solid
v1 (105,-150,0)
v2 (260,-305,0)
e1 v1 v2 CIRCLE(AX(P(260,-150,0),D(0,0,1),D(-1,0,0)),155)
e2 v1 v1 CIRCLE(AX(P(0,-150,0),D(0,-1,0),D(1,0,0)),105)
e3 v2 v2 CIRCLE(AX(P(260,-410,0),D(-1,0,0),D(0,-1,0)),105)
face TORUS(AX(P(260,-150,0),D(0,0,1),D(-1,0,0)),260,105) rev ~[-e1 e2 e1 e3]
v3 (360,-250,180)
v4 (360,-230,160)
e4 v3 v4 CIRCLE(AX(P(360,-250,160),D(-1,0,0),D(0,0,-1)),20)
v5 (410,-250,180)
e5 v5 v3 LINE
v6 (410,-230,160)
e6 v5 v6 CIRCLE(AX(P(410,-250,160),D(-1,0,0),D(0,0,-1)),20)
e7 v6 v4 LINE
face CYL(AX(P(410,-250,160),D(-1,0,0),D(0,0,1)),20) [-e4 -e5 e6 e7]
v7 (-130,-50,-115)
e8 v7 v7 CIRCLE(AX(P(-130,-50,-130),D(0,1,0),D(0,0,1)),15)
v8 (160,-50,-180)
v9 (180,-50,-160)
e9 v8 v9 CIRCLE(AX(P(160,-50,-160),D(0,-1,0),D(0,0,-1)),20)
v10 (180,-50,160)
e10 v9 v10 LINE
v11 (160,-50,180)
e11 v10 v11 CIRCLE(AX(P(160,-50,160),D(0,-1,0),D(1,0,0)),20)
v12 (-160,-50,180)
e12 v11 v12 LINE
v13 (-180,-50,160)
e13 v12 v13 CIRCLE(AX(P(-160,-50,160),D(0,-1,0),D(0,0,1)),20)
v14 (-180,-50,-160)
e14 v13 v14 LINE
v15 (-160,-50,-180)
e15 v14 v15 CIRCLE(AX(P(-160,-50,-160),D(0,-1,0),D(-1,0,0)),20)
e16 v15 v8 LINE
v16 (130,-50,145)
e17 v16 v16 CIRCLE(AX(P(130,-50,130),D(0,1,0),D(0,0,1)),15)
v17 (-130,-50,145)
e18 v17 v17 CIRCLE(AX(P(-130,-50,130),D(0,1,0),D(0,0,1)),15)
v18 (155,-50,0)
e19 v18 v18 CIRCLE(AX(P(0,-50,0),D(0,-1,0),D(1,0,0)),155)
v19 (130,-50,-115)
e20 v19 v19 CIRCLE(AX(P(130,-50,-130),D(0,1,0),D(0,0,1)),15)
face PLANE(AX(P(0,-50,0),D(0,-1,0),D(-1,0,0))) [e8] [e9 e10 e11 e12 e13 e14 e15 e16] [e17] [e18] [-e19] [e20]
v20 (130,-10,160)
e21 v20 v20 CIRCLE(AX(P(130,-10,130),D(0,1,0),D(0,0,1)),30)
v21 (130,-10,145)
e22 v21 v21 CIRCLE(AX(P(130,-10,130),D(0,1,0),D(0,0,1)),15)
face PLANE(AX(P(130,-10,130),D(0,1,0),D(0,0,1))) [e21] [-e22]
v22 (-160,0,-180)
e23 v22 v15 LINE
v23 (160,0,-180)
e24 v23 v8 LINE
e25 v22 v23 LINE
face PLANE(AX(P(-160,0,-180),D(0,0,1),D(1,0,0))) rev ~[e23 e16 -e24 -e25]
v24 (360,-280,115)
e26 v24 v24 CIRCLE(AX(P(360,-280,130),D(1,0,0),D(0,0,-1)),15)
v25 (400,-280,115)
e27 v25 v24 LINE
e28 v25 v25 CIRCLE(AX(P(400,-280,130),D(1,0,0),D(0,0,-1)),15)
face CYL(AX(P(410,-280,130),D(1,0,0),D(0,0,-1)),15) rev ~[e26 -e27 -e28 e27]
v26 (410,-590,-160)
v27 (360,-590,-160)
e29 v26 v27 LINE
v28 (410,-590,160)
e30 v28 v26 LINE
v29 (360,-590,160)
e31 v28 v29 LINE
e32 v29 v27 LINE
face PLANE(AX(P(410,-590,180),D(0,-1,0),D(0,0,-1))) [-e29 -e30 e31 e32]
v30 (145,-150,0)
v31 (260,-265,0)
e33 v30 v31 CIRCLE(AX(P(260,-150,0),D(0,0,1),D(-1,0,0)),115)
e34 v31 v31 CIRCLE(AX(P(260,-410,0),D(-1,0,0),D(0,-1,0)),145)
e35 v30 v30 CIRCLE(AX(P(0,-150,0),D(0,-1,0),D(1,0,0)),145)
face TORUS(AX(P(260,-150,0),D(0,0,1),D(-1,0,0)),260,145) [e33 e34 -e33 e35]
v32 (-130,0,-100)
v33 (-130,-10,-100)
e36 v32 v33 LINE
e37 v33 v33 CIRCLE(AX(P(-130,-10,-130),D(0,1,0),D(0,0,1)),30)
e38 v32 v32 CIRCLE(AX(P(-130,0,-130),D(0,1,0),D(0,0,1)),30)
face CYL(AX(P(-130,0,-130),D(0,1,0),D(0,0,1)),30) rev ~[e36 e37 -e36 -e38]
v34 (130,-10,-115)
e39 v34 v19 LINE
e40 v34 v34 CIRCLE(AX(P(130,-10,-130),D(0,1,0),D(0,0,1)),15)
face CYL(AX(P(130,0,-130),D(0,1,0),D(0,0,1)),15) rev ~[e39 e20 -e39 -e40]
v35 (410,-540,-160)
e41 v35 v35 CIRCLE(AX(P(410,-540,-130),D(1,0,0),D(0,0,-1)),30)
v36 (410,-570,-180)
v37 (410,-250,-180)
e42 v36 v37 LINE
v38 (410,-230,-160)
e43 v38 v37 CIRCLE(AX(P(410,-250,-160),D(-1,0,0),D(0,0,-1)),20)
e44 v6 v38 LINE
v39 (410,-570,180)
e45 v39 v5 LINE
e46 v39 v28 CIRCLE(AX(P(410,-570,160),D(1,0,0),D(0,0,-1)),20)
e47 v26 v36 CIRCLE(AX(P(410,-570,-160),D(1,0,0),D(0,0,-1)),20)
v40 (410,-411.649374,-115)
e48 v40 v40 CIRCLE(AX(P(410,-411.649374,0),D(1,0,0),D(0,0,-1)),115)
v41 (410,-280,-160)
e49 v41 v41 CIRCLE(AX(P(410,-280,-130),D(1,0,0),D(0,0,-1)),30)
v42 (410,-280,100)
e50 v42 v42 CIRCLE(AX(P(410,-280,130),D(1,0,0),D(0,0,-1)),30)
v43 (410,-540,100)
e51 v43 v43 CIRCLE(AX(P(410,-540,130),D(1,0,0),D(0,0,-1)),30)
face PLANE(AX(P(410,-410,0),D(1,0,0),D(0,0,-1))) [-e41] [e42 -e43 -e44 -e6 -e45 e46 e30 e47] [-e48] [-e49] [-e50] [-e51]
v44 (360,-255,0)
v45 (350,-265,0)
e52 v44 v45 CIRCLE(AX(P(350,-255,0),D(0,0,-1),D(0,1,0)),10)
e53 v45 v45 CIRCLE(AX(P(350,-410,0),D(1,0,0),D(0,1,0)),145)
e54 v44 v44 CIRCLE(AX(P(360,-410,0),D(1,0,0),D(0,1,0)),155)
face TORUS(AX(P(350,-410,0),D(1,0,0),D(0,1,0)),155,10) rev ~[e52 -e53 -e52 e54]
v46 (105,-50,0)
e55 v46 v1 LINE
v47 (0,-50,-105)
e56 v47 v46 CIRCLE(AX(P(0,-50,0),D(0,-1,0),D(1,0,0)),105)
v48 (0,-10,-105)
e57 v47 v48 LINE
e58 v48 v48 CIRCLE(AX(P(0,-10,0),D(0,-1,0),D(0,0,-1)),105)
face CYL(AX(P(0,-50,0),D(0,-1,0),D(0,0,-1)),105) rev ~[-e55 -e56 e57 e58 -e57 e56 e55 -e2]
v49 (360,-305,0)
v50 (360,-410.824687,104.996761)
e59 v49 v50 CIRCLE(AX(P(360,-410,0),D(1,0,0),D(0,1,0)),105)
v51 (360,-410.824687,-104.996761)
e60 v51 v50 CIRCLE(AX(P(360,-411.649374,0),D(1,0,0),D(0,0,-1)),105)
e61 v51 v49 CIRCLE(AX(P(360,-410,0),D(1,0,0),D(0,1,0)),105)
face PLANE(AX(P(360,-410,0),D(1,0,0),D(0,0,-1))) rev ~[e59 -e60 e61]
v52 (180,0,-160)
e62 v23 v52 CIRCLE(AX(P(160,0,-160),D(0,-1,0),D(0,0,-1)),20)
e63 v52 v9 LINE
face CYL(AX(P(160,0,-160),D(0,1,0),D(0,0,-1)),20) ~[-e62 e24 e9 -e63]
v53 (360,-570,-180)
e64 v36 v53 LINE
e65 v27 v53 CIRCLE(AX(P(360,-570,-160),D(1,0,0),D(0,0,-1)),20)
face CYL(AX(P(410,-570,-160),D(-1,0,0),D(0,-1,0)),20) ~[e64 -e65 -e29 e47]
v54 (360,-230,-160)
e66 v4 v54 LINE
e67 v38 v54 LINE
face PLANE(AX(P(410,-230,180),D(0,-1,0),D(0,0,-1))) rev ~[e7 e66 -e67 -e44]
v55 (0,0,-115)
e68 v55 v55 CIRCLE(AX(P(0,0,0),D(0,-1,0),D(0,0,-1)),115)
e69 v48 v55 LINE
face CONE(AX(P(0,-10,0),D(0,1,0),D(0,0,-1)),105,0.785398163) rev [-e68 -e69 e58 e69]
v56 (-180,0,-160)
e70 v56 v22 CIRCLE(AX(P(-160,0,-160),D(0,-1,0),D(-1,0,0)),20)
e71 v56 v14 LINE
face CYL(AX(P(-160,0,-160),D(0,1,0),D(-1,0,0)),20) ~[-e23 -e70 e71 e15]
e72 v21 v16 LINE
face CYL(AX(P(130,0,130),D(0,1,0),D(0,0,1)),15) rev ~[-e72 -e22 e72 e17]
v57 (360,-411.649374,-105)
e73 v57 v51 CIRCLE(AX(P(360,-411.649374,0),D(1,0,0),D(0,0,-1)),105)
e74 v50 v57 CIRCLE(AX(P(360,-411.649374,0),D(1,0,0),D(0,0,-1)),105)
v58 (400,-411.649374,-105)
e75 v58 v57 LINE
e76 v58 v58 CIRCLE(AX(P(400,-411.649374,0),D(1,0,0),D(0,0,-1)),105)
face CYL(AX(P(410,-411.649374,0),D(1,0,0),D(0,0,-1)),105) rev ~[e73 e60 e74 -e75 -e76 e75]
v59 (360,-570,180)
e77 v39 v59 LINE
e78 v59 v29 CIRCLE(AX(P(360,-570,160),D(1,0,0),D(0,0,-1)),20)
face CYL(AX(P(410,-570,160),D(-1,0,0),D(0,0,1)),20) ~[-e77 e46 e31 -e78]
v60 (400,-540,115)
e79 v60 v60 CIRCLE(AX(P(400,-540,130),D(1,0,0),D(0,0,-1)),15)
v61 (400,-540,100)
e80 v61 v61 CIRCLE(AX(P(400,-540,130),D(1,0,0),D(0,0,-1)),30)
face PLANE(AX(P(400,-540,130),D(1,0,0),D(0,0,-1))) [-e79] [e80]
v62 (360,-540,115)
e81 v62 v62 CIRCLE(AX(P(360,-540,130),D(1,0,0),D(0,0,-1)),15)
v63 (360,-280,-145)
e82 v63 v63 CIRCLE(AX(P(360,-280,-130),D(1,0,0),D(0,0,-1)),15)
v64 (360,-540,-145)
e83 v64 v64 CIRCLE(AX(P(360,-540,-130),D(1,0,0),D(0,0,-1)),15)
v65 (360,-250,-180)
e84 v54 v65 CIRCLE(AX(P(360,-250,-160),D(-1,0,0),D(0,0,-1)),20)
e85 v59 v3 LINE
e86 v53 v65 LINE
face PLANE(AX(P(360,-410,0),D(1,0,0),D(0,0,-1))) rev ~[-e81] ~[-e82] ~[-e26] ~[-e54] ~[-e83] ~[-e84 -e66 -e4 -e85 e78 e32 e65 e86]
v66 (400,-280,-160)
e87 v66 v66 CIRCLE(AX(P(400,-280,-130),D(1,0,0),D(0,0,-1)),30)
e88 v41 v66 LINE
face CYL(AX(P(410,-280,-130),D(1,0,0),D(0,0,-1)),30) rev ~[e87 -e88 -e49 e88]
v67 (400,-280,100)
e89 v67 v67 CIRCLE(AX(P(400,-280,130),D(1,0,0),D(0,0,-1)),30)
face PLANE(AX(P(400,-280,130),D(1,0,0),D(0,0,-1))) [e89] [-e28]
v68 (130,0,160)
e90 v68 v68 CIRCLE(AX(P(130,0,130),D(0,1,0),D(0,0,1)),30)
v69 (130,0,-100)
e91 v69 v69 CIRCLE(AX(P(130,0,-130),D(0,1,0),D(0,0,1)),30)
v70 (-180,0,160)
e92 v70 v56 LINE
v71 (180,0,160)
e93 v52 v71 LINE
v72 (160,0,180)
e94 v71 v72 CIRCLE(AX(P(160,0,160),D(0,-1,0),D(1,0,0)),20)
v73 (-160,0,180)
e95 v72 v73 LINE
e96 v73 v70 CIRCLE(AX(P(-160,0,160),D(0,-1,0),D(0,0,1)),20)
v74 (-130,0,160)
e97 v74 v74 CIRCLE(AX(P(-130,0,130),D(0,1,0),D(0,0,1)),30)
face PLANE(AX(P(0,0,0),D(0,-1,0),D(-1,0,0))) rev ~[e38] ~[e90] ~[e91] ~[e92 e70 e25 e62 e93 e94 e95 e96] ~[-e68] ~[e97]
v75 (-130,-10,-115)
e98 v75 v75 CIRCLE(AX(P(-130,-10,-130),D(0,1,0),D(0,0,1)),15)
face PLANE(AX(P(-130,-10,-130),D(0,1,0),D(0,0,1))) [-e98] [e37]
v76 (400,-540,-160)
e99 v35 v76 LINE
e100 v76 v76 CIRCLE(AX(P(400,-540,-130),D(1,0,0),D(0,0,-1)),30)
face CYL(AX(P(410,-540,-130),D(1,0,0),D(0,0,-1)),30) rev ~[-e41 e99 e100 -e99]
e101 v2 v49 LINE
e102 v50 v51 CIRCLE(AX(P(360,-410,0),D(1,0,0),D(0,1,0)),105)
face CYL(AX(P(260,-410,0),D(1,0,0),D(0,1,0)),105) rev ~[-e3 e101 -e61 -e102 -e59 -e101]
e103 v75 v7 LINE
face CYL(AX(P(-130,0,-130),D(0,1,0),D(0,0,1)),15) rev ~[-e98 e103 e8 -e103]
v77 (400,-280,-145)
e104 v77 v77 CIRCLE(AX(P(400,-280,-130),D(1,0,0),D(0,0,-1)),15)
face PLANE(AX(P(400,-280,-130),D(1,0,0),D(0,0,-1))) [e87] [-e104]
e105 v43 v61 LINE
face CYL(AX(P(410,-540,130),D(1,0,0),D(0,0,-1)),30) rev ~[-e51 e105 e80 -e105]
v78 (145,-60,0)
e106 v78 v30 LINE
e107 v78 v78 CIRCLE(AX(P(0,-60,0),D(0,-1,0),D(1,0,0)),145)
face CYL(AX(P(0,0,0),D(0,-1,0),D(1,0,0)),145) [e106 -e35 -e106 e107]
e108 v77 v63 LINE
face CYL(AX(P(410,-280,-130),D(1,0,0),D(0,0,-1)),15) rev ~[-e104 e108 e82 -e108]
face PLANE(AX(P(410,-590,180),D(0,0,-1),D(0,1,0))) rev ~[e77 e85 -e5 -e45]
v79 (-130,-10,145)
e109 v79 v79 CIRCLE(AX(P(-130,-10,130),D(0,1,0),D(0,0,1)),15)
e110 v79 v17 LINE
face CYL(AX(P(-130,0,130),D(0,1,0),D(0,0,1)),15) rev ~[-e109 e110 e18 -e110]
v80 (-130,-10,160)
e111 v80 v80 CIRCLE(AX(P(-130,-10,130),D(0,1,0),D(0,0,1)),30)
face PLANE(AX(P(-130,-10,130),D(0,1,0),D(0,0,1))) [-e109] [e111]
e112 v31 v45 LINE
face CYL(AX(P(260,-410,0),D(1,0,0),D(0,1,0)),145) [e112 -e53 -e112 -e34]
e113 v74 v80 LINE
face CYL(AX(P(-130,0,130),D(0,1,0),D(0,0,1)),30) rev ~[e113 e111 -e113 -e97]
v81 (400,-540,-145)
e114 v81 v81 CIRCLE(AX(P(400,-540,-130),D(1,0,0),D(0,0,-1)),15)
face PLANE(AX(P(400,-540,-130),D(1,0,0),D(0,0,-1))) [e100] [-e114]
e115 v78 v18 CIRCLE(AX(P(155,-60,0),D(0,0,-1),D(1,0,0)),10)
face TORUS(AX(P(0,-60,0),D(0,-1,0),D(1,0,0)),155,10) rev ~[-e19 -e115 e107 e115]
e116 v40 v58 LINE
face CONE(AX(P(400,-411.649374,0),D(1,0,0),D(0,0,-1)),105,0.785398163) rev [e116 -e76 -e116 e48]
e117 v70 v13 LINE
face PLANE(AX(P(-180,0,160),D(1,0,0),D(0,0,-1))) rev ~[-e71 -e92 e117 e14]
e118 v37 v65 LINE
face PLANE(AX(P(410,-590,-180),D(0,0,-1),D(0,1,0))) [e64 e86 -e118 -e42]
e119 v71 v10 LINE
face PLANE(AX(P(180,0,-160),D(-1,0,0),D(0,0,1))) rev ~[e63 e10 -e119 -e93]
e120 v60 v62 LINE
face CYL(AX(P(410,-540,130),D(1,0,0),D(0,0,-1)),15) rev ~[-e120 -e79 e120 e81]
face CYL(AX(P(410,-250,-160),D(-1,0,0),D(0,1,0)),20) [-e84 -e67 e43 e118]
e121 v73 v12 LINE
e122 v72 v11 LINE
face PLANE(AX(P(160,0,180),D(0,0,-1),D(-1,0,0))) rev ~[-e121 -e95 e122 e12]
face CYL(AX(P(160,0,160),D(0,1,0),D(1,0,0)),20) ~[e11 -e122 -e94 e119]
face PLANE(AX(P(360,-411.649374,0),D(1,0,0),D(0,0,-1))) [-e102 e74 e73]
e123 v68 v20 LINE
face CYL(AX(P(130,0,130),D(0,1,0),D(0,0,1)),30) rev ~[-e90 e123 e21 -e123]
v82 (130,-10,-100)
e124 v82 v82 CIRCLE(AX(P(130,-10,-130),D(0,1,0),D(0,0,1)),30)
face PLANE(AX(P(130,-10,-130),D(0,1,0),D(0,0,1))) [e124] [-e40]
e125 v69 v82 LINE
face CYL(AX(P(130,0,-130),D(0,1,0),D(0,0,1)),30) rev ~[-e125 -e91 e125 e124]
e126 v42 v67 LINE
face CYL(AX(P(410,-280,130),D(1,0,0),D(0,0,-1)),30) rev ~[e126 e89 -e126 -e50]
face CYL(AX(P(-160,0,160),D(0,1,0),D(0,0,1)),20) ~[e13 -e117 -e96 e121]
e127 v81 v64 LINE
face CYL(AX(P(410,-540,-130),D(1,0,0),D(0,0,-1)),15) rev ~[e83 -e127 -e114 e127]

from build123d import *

# Parameters (mm, degrees)
SKETCH2_R           = 145
SKETCH2_R_2         = 105
SKETCH6_R           = 15
BOSS_EXTRUDE1_DEPTH = 50
SKETCH7_R           = 105
CUT_EXTRUDE1_DEPTH  = 50
SKETCH9_W           = 360
SKETCH9_H           = 360
SKETCH9_R           = 15
BOSS_EXTRUDE3_DEPTH = 50
SKETCH10_R          = 30
CUT_EXTRUDE3_DEPTH  = 10
SKETCH11_R          = 30
CUT_EXTRUDE4_DEPTH  = 10
FILLET2_R           = 20
FILLET3_R           = 10
SKETCH12_R          = 105
CUT_EXTRUDE5_DEPTH  = 50
CHAMFER2_SIZE       = 10


with BuildPart() as part:
    # Sweep1: sweep along a path in Sketch4
    with BuildLine(Plane.XY) as sweep1_path:
        Line((0, 0), (0, -150))
        ThreePointArc((0, -150), (76.152236891, -333.847763109), (260, -410))
        Line((260, -410), (410, -410))
    # Sketch2 → Sweep1 (sweep)
    with BuildSketch(Plane(origin=(0, 0, 0), x_dir=(1, 0, 0), z_dir=(0, 1, 0))):
        Circle(SKETCH2_R)
        Circle(SKETCH2_R_2, mode=Mode.SUBTRACT)
    sweep(path=sweep1_path.line)

    # Sketch6 → Boss-Extrude1 (add)
    with BuildSketch(Plane(origin=(0, 0, 0), x_dir=(1, 0, 0), z_dir=(0, 1, 0))):
        with BuildLine():
            Line((-160, 180), (160, 180))
            ThreePointArc((160, 180), (174.142135624, 174.142135624), (180, 160))
            Line((180, 160), (180, -160))
            ThreePointArc((180, -160), (174.142135624, -174.142135624), (160, -180))
            Line((160, -180), (-160, -180))
            ThreePointArc((-160, -180), (-174.142135624, -174.142135624), (-180, -160))
            Line((-180, -160), (-180, 160))
            ThreePointArc((-180, 160), (-174.142135624, 174.142135624), (-160, 180))
        make_face()
        with Locations(Location((-130, 130, 0), (0, 0, 270))):
            Circle(SKETCH6_R, mode=Mode.SUBTRACT)
        with Locations(Location((130, 130, 0), (0, 0, 270))):
            Circle(SKETCH6_R, mode=Mode.SUBTRACT)
        with Locations(Location((130, -130, 0), (0, 0, 270))):
            Circle(SKETCH6_R, mode=Mode.SUBTRACT)
        with Locations(Location((-130, -130, 0), (0, 0, 270))):
            Circle(SKETCH6_R, mode=Mode.SUBTRACT)
    extrude(amount=-BOSS_EXTRUDE1_DEPTH)

    # Sketch7 → Cut-Extrude1 (cut)
    with BuildSketch(Plane(origin=(0, -50, 0), x_dir=(-1, 0, 0), z_dir=(0, -1, 0))):
        with Locations(Location((0, 0, 0), (0, 0, 90))):
            Circle(SKETCH7_R)
    extrude(amount=-CUT_EXTRUDE1_DEPTH, mode=Mode.SUBTRACT)

    # Sketch9 → Boss-Extrude3 (add)
    with BuildSketch(Plane(origin=(410, 0, 0), x_dir=(0, 0, -1), z_dir=(1, 0, 0))):
        with Locations((0, -410)):
            Rectangle(SKETCH9_W, SKETCH9_H)
        with Locations((-130, -280)):
            Circle(SKETCH9_R, mode=Mode.SUBTRACT)
        with Locations((-130, -540)):
            Circle(SKETCH9_R, mode=Mode.SUBTRACT)
        with Locations((130, -540)):
            Circle(SKETCH9_R, mode=Mode.SUBTRACT)
        with Locations((130, -280)):
            Circle(SKETCH9_R, mode=Mode.SUBTRACT)
    extrude(amount=-BOSS_EXTRUDE3_DEPTH)

    # Sketch10 → Cut-Extrude3 (cut)
    with BuildSketch(Plane(origin=(0, 0, 0), x_dir=(1, 0, 0), z_dir=(0, 1, 0))):
        with Locations(Location((-130, 130, 0), (0, 0, 270))):
            Circle(SKETCH10_R)
        with Locations(Location((130, 130, 0), (0, 0, 270))):
            Circle(SKETCH10_R)
        with Locations(Location((130, -130, 0), (0, 0, 270))):
            Circle(SKETCH10_R)
        with Locations(Location((-130, -130, 0), (0, 0, 270))):
            Circle(SKETCH10_R)
    extrude(amount=-CUT_EXTRUDE3_DEPTH, mode=Mode.SUBTRACT)

    # Sketch11 → Cut-Extrude4 (cut)
    with BuildSketch(Plane(origin=(410, 0, 0), x_dir=(0, 0, -1), z_dir=(1, 0, 0))):
        with Locations((-130, -280)):
            Circle(SKETCH11_R)
        with Locations((130, -280)):
            Circle(SKETCH11_R)
        with Locations((-130, -540)):
            Circle(SKETCH11_R)
        with Locations((130, -540)):
            Circle(SKETCH11_R)
    extrude(amount=-CUT_EXTRUDE4_DEPTH, mode=Mode.SUBTRACT)

    # Fillet2
    fillet2_edges = [part.edges().sort_by_distance(p)[0] for p in [
        (385, -230, -180),
        (385, -590, -180),
        (385, -590, 180),
        (385, -230, 180),
    ]]
    fillet(fillet2_edges, radius=FILLET2_R)

    # Fillet3
    fillet3_edges = [part.edges().sort_by_distance(p)[0] for p in [
        (-145, -50, 0),
        (360, -555, 0),
    ]]
    fillet(fillet3_edges, radius=FILLET3_R)

    # Sketch12 → Cut-Extrude5 (cut)
    with BuildSketch(Plane(origin=(410, 0, 0), x_dir=(0, 0, -1), z_dir=(1, 0, 0))):
        with Locations((0, -411.649373871)):
            Circle(SKETCH12_R)
    extrude(amount=-CUT_EXTRUDE5_DEPTH, mode=Mode.SUBTRACT)

    # Chamfer2
    chamfer2_edges = [part.edges().sort_by_distance(p)[0] for p in [
        (410, -411.649373871, 105),
        (0, 0, 105),
    ]]
    chamfer(chamfer2_edges, length=CHAMFER2_SIZE)


solid = part.part
